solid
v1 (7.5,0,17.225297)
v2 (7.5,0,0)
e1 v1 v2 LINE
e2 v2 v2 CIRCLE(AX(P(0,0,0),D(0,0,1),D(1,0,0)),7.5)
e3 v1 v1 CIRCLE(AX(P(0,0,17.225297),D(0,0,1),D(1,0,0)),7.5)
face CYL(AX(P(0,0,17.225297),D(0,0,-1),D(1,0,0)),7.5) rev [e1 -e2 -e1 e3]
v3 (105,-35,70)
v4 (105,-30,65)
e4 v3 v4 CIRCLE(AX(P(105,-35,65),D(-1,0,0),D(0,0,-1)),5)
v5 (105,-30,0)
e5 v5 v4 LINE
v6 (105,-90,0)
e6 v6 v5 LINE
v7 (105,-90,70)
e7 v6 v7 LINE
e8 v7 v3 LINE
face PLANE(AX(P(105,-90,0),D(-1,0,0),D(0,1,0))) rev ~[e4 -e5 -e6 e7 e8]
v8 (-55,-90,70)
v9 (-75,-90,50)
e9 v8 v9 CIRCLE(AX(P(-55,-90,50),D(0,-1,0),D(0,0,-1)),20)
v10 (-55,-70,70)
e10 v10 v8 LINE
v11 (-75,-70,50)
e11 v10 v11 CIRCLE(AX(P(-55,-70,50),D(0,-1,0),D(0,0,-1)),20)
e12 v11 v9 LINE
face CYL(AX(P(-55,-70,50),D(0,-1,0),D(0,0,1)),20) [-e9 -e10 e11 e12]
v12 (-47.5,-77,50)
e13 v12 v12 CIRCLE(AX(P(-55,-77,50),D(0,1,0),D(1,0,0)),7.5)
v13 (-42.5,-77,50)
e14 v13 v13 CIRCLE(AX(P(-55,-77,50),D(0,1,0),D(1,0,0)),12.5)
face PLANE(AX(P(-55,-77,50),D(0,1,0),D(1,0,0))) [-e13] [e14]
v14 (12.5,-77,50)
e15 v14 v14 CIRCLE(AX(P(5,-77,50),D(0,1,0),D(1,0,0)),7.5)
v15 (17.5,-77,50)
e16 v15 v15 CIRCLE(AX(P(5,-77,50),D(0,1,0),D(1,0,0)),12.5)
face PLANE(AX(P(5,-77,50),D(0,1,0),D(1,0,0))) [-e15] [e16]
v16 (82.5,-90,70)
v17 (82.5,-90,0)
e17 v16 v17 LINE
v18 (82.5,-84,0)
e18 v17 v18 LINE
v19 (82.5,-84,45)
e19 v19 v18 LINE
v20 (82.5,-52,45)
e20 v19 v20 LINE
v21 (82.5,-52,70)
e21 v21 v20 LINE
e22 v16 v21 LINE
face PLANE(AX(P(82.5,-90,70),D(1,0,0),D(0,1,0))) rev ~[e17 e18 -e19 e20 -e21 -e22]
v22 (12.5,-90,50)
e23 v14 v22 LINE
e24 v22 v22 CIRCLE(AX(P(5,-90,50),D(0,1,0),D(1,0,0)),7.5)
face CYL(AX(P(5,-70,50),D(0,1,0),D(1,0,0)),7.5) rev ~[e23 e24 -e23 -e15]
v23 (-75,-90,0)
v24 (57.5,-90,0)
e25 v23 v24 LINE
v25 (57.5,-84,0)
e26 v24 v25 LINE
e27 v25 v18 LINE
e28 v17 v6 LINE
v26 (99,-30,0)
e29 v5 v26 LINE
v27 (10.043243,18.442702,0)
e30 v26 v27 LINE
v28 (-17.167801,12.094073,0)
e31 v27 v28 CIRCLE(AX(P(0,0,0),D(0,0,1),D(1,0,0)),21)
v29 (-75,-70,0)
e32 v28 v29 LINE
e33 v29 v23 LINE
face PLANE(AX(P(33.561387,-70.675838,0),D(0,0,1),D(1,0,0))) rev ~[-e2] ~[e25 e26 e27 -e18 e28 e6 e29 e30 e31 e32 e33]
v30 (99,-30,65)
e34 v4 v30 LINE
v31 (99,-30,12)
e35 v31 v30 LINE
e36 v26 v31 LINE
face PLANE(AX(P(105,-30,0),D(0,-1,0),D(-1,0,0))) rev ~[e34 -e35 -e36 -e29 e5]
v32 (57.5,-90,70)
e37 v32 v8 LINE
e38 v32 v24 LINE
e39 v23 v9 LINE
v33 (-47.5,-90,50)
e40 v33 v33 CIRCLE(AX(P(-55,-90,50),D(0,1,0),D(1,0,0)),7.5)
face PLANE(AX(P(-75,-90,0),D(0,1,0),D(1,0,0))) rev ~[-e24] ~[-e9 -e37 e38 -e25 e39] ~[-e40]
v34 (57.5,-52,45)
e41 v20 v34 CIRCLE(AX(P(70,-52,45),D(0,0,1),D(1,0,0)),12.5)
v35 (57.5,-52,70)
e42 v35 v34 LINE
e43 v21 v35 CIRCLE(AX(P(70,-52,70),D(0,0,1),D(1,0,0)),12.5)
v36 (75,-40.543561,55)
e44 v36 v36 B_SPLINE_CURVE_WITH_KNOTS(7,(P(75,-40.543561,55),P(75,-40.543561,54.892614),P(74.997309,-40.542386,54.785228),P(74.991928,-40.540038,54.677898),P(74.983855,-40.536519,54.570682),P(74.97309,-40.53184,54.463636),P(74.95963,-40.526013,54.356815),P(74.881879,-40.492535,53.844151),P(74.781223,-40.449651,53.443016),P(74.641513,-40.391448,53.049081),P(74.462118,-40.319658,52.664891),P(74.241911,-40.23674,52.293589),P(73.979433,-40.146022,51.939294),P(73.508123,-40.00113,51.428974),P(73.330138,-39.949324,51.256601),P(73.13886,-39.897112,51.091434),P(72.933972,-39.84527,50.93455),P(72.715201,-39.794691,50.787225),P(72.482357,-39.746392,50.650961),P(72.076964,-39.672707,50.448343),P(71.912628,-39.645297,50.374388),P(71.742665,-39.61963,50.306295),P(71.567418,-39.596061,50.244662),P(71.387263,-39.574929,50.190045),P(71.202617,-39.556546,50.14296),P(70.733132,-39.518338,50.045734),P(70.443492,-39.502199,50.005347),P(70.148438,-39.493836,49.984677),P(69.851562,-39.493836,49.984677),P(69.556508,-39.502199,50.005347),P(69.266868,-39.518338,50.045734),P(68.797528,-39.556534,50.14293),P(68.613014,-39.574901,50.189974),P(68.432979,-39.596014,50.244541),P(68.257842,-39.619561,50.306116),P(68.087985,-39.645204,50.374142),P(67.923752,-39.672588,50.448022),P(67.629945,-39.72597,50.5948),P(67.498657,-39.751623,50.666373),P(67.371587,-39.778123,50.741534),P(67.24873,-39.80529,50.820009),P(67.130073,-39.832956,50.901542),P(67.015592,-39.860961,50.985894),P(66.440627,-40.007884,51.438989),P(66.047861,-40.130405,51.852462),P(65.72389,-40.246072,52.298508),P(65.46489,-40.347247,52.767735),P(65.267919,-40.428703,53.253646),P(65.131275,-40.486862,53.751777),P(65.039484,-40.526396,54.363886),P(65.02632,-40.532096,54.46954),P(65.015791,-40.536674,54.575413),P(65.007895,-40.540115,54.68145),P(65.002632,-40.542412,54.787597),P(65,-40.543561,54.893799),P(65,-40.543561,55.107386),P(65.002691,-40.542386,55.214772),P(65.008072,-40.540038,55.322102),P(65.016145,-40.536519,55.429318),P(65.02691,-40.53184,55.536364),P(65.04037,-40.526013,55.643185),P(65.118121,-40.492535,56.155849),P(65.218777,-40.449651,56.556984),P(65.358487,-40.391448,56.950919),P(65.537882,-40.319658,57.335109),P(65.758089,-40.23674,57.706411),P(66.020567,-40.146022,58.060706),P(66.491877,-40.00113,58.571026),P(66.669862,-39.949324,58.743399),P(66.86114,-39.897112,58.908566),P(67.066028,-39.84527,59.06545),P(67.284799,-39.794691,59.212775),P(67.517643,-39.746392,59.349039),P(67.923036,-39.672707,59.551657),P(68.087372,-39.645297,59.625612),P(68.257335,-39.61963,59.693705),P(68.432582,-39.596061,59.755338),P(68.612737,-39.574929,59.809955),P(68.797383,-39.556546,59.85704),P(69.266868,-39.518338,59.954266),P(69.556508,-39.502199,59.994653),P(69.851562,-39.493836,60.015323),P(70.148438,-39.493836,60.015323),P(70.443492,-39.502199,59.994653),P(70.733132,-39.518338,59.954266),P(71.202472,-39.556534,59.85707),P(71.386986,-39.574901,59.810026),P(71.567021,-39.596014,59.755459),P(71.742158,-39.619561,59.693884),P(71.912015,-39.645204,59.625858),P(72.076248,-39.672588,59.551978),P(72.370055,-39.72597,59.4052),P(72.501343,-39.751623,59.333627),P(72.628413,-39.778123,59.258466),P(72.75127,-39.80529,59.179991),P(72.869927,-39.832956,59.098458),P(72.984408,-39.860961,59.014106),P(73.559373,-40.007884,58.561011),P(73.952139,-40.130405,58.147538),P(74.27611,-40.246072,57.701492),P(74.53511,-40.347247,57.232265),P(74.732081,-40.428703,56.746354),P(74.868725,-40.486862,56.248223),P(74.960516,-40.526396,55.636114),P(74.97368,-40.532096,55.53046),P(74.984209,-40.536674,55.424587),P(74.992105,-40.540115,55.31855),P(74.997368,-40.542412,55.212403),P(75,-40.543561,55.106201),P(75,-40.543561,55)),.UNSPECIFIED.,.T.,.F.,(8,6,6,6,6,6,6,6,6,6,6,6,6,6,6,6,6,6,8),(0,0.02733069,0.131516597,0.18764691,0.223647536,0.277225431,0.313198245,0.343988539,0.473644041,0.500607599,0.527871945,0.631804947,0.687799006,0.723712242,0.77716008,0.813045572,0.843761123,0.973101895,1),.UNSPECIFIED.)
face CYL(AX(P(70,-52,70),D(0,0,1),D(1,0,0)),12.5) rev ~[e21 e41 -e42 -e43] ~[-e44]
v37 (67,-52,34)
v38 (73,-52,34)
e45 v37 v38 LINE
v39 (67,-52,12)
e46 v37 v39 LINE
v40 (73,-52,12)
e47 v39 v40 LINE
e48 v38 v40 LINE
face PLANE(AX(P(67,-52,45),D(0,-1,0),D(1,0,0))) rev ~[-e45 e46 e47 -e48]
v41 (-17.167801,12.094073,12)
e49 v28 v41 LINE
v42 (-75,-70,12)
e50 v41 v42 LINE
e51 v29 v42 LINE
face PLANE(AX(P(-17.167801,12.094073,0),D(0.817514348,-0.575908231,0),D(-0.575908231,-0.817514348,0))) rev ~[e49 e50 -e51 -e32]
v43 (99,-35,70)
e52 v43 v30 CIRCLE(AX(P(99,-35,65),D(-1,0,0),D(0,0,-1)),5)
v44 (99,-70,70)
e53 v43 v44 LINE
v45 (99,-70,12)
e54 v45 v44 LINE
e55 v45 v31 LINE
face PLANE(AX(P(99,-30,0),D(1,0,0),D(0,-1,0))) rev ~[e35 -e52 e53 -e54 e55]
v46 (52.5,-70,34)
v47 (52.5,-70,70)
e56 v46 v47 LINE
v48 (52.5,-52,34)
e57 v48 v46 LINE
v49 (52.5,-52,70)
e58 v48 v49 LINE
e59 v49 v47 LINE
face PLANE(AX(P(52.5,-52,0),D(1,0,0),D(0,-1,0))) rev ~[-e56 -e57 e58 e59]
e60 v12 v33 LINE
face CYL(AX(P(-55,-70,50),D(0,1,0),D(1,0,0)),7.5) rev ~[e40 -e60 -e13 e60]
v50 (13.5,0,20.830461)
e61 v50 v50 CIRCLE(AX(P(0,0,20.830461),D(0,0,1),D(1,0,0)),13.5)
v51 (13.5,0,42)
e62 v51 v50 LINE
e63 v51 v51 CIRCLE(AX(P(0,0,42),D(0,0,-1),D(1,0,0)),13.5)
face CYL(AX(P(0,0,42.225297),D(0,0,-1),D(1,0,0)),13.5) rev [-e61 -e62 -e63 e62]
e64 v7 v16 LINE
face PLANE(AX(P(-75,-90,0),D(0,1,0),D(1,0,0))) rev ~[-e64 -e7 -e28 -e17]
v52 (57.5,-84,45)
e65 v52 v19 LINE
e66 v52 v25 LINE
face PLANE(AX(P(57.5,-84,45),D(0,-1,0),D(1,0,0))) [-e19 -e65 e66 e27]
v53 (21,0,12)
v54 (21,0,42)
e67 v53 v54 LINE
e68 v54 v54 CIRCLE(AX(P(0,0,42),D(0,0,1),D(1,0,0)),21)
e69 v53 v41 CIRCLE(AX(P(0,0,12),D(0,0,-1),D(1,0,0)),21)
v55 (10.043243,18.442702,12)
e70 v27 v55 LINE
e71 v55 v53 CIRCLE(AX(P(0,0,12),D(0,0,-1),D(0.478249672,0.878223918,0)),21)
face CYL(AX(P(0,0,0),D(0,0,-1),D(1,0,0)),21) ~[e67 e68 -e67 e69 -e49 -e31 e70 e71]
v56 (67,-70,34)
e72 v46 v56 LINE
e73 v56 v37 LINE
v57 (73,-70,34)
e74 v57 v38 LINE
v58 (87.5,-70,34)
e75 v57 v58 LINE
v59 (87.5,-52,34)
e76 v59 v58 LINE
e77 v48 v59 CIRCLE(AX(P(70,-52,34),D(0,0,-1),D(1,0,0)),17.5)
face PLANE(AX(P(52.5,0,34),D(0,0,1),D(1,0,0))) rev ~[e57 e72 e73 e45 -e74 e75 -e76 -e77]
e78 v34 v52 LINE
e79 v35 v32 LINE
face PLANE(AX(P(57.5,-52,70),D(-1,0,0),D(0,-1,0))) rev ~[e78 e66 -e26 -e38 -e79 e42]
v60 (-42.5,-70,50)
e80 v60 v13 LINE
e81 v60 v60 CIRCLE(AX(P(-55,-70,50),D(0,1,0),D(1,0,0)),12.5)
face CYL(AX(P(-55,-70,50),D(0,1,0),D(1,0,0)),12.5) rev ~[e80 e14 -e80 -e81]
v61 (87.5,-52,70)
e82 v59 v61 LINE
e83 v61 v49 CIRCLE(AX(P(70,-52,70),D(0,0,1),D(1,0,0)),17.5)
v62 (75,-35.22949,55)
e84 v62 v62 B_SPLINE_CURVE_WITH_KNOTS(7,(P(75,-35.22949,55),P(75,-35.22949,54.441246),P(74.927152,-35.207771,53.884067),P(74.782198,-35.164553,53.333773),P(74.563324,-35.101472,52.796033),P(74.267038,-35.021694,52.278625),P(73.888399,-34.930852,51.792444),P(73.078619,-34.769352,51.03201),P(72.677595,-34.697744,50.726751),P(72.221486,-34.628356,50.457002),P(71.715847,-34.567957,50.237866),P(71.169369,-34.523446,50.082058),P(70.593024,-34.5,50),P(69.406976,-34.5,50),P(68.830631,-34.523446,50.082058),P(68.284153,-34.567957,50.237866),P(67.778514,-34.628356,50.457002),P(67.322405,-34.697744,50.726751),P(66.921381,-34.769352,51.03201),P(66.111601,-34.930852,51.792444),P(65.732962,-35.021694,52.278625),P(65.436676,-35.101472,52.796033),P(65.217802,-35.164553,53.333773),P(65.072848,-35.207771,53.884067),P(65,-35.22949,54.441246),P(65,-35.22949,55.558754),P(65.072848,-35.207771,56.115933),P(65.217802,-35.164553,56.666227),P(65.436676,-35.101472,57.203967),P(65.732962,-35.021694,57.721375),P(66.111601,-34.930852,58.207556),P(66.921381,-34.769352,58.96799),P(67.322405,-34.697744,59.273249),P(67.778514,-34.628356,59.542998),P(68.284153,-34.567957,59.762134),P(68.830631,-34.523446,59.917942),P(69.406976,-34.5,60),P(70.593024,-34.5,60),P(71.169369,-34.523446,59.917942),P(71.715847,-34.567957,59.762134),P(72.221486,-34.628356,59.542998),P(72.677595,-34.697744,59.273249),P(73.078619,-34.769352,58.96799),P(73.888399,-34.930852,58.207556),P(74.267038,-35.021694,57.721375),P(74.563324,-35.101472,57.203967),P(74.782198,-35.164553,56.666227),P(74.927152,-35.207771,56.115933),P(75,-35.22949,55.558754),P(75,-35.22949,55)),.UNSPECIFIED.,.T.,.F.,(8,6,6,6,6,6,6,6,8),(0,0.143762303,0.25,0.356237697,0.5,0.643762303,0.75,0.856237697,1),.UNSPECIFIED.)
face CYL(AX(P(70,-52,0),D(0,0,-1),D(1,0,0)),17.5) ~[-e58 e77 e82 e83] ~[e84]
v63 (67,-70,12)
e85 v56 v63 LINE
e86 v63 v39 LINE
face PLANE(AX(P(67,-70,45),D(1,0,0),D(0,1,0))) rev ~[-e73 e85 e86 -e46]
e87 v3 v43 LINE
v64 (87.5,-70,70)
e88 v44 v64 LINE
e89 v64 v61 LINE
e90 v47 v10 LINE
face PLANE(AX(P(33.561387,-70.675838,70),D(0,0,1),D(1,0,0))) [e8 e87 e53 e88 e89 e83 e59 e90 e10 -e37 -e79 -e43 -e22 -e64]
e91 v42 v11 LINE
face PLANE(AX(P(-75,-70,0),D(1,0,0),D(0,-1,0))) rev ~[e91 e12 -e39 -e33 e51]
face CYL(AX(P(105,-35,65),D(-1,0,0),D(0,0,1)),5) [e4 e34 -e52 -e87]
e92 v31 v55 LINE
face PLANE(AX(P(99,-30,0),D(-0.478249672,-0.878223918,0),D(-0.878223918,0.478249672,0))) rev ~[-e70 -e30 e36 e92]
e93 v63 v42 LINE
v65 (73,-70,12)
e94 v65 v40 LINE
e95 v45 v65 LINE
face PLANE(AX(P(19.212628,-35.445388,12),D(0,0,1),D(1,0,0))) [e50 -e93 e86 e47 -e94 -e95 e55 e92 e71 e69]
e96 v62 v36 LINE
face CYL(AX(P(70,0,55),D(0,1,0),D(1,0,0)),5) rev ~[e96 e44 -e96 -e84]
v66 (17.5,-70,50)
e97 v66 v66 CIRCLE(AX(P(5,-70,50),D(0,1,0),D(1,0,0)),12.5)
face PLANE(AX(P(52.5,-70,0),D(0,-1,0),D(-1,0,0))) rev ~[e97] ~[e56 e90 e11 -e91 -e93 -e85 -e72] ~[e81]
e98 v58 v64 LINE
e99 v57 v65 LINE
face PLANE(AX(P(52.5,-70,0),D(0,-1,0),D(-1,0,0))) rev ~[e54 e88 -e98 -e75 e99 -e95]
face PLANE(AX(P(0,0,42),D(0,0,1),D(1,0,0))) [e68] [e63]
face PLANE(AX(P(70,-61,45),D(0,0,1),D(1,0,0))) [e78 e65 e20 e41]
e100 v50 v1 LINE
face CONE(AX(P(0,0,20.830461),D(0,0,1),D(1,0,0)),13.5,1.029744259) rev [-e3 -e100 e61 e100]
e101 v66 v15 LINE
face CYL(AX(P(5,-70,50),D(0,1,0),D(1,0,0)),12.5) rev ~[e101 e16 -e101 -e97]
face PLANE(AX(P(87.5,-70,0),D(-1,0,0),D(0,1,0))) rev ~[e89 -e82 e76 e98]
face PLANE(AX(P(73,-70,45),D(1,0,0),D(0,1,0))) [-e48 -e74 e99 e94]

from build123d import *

# Parameters (mm, degrees)
SKETCH1_R               = 21
BOSS_EXTRUDE1_DEPTH     = 42
BOSS_EXTRUDE2_DEPTH     = 12
BOSS_EXTRUDE5_DEPTH     = 70
SKETCH2_W               = 35
SKETCH2_H               = 22
CUT_EXTRUDE2_DEPTH      = 70
CUT_EXTRUDE4_DEPTH      = 1
CUT_EXTRUDE4_DEPTH_BACK = 25
SKETCH5_W               = 6
SKETCH5_H               = 18
BOSS_EXTRUDE6_DEPTH     = 33
FILLET1_R               = 5
SKETCH8_W               = 25
SKETCH8_H               = 6
CUT_EXTRUDE6_DEPTH      = 167
SKETCH7_R               = 7.5
CUT_EXTRUDE7_DEPTH      = 167
SKETCH7_3_R             = 12.5
CUT_EXTRUDE8_DEPTH      = 7
FILLET2_R               = 20
SKETCH7_4_R             = 12.5
SKETCH7_4_R_2           = 7.5
CUT_EXTRUDE9_DEPTH      = 7
SKETCH7_5_R             = 7.5
CUT_EXTRUDE10_DEPTH     = 21
SKETCH11_R              = 5
CUT_EXTRUDE11_DEPTH     = 80


with BuildPart() as part:
    # Sketch1 → Boss-Extrude1 (new body)
    with BuildSketch(Plane.XY):
        Circle(SKETCH1_R)
    extrude(amount=BOSS_EXTRUDE1_DEPTH)

    # Sketch1<3> → Boss-Extrude2 (add)
    with BuildSketch(Plane.XY):
        with BuildLine():
            ThreePointArc((21, 0), (-6.343349758, -20.019038784), (-17.167801318, 12.094072841))
            Line((-17.167801318, 12.094072841), (-75, -70))
            Line((-75, -70), (52.5, -70))
            Line((52.5, -70), (52.5, -52))
            ThreePointArc((52.5, -52), (70, -34.5), (87.5, -52))
            Line((87.5, -52), (87.5, -70))
            Line((87.5, -70), (99, -70))
            Line((99, -70), (99, -30))
            Line((99, -30), (10.043243118, 18.442702288))
            ThreePointArc((10.043243118, 18.442702288), (18.054197649, 10.725947383), (21, 0))
        make_face()
    extrude(amount=BOSS_EXTRUDE2_DEPTH)

    # Sketch1<7> → Boss-Extrude5 (add)
    with BuildSketch(Plane.XY):
        with BuildLine():
            Line((52.5, -70), (-75, -70))
            Line((-75, -70), (-75, -90))
            Line((-75, -90), (105, -90))
            Line((105, -90), (105, -30))
            Line((105, -30), (99, -30))
            Line((99, -30), (99, -70))
            Line((99, -70), (87.5, -70))
            Line((87.5, -70), (87.5, -52))
            ThreePointArc((87.5, -52), (70, -34.5), (52.5, -52))
            Line((52.5, -52), (52.5, -70))
        make_face()
    extrude(amount=BOSS_EXTRUDE5_DEPTH)

    # Sketch2 → Cut-Extrude2 (cut)
    with BuildSketch(Plane(origin=(0, 0, 0), x_dir=(1, 0, 0), z_dir=(0, 1, 0))):
        with Locations((70, -23)):
            Rectangle(SKETCH2_W, SKETCH2_H)
    extrude(amount=-CUT_EXTRUDE2_DEPTH, mode=Mode.SUBTRACT)

    # Sketch3 → Cut-Extrude4 (cut, two sides)
    with BuildSketch(Plane.XY.offset(70)) as cut_extrude4_sk:
        with BuildLine():
            Line((57.5, -52), (57.5, -90))
            Line((57.5, -90), (82.5, -90))
            Line((82.5, -90), (82.5, -52))
            ThreePointArc((82.5, -52), (70, -39.5), (57.5, -52))
        make_face()
    extrude(amount=CUT_EXTRUDE4_DEPTH, mode=Mode.SUBTRACT)
    extrude(cut_extrude4_sk.sketch, amount=-CUT_EXTRUDE4_DEPTH_BACK, mode=Mode.SUBTRACT)

    # Sketch5 → Boss-Extrude6 (add)
    with BuildSketch(Plane.XY.offset(45)):
        with Locations((70, -61)):
            Rectangle(SKETCH5_W, SKETCH5_H)
    extrude(amount=-BOSS_EXTRUDE6_DEPTH)

    # Fillet1
    fillet1_edges = [part.edges().sort_by_distance(p)[0] for p in [
        (102, -30, 70),
    ]]
    fillet(fillet1_edges, radius=FILLET1_R)

    # Sketch8 → Cut-Extrude6 (cut)
    with BuildSketch(Plane.XY.offset(45)):
        with Locations((70, -87)):
            Rectangle(SKETCH8_W, SKETCH8_H)
    extrude(amount=-CUT_EXTRUDE6_DEPTH, mode=Mode.SUBTRACT)

    # Sketch7 → Cut-Extrude7 (cut)
    with BuildSketch(Plane(origin=(0, -70, 0), x_dir=(1, 0, 0), z_dir=(0, 1, 0))):
        with Locations((-55, -50)):
            Circle(SKETCH7_R)
    extrude(amount=-CUT_EXTRUDE7_DEPTH, mode=Mode.SUBTRACT)

    # Sketch7<3> → Cut-Extrude8 (cut)
    with BuildSketch(Plane(origin=(0, -70, 0), x_dir=(1, 0, 0), z_dir=(0, 1, 0))):
        with Locations((-55, -50)):
            Circle(SKETCH7_3_R)
    extrude(amount=-CUT_EXTRUDE8_DEPTH, mode=Mode.SUBTRACT)

    # Fillet2
    fillet2_edges = [part.edges().sort_by_distance(p)[0] for p in [
        (-75, -80, 70),
    ]]
    fillet(fillet2_edges, radius=FILLET2_R)

    # Sketch7<4> → Cut-Extrude9 (cut)
    with BuildSketch(Plane(origin=(0, -70, 0), x_dir=(1, 0, 0), z_dir=(0, 1, 0))):
        with Locations((5, -50)):
            Circle(SKETCH7_4_R)
        with Locations((5, -50)):
            Circle(SKETCH7_4_R_2, mode=Mode.SUBTRACT)
    extrude(amount=-CUT_EXTRUDE9_DEPTH, mode=Mode.SUBTRACT)

    # Sketch7<5> → Cut-Extrude10 (cut, through all)
    with BuildSketch(Plane(origin=(0, -70, 0), x_dir=(1, 0, 0), z_dir=(0, 1, 0))):
        with Locations((5, -50)):
            Circle(SKETCH7_5_R)
    extrude(amount=-CUT_EXTRUDE10_DEPTH, mode=Mode.SUBTRACT)

    # Sketch10 → Cut-Revolve1 (revolve, cut)
    with BuildSketch(Plane(origin=(0, 0, 0), x_dir=(1, 0, 0), z_dir=(0, 1, 0))):
        Polygon((0, 0), (0, -42.225297228), (13.5, -42.225297228), (13.5, -20.830460942), (7.5, -17.225297228), (7.5, 0), align=None)
    revolve(axis=Axis((0, 0, 0), (0, 0, 1)), mode=Mode.SUBTRACT)

    # Sketch11 → Cut-Extrude11 (cut)
    with BuildSketch(Plane(origin=(0, 0, 0), x_dir=(1, 0, 0), z_dir=(0, 1, 0))):
        with Locations((70, -55)):
            Circle(SKETCH11_R)
    extrude(amount=-CUT_EXTRUDE11_DEPTH, mode=Mode.SUBTRACT)


solid = part.part
